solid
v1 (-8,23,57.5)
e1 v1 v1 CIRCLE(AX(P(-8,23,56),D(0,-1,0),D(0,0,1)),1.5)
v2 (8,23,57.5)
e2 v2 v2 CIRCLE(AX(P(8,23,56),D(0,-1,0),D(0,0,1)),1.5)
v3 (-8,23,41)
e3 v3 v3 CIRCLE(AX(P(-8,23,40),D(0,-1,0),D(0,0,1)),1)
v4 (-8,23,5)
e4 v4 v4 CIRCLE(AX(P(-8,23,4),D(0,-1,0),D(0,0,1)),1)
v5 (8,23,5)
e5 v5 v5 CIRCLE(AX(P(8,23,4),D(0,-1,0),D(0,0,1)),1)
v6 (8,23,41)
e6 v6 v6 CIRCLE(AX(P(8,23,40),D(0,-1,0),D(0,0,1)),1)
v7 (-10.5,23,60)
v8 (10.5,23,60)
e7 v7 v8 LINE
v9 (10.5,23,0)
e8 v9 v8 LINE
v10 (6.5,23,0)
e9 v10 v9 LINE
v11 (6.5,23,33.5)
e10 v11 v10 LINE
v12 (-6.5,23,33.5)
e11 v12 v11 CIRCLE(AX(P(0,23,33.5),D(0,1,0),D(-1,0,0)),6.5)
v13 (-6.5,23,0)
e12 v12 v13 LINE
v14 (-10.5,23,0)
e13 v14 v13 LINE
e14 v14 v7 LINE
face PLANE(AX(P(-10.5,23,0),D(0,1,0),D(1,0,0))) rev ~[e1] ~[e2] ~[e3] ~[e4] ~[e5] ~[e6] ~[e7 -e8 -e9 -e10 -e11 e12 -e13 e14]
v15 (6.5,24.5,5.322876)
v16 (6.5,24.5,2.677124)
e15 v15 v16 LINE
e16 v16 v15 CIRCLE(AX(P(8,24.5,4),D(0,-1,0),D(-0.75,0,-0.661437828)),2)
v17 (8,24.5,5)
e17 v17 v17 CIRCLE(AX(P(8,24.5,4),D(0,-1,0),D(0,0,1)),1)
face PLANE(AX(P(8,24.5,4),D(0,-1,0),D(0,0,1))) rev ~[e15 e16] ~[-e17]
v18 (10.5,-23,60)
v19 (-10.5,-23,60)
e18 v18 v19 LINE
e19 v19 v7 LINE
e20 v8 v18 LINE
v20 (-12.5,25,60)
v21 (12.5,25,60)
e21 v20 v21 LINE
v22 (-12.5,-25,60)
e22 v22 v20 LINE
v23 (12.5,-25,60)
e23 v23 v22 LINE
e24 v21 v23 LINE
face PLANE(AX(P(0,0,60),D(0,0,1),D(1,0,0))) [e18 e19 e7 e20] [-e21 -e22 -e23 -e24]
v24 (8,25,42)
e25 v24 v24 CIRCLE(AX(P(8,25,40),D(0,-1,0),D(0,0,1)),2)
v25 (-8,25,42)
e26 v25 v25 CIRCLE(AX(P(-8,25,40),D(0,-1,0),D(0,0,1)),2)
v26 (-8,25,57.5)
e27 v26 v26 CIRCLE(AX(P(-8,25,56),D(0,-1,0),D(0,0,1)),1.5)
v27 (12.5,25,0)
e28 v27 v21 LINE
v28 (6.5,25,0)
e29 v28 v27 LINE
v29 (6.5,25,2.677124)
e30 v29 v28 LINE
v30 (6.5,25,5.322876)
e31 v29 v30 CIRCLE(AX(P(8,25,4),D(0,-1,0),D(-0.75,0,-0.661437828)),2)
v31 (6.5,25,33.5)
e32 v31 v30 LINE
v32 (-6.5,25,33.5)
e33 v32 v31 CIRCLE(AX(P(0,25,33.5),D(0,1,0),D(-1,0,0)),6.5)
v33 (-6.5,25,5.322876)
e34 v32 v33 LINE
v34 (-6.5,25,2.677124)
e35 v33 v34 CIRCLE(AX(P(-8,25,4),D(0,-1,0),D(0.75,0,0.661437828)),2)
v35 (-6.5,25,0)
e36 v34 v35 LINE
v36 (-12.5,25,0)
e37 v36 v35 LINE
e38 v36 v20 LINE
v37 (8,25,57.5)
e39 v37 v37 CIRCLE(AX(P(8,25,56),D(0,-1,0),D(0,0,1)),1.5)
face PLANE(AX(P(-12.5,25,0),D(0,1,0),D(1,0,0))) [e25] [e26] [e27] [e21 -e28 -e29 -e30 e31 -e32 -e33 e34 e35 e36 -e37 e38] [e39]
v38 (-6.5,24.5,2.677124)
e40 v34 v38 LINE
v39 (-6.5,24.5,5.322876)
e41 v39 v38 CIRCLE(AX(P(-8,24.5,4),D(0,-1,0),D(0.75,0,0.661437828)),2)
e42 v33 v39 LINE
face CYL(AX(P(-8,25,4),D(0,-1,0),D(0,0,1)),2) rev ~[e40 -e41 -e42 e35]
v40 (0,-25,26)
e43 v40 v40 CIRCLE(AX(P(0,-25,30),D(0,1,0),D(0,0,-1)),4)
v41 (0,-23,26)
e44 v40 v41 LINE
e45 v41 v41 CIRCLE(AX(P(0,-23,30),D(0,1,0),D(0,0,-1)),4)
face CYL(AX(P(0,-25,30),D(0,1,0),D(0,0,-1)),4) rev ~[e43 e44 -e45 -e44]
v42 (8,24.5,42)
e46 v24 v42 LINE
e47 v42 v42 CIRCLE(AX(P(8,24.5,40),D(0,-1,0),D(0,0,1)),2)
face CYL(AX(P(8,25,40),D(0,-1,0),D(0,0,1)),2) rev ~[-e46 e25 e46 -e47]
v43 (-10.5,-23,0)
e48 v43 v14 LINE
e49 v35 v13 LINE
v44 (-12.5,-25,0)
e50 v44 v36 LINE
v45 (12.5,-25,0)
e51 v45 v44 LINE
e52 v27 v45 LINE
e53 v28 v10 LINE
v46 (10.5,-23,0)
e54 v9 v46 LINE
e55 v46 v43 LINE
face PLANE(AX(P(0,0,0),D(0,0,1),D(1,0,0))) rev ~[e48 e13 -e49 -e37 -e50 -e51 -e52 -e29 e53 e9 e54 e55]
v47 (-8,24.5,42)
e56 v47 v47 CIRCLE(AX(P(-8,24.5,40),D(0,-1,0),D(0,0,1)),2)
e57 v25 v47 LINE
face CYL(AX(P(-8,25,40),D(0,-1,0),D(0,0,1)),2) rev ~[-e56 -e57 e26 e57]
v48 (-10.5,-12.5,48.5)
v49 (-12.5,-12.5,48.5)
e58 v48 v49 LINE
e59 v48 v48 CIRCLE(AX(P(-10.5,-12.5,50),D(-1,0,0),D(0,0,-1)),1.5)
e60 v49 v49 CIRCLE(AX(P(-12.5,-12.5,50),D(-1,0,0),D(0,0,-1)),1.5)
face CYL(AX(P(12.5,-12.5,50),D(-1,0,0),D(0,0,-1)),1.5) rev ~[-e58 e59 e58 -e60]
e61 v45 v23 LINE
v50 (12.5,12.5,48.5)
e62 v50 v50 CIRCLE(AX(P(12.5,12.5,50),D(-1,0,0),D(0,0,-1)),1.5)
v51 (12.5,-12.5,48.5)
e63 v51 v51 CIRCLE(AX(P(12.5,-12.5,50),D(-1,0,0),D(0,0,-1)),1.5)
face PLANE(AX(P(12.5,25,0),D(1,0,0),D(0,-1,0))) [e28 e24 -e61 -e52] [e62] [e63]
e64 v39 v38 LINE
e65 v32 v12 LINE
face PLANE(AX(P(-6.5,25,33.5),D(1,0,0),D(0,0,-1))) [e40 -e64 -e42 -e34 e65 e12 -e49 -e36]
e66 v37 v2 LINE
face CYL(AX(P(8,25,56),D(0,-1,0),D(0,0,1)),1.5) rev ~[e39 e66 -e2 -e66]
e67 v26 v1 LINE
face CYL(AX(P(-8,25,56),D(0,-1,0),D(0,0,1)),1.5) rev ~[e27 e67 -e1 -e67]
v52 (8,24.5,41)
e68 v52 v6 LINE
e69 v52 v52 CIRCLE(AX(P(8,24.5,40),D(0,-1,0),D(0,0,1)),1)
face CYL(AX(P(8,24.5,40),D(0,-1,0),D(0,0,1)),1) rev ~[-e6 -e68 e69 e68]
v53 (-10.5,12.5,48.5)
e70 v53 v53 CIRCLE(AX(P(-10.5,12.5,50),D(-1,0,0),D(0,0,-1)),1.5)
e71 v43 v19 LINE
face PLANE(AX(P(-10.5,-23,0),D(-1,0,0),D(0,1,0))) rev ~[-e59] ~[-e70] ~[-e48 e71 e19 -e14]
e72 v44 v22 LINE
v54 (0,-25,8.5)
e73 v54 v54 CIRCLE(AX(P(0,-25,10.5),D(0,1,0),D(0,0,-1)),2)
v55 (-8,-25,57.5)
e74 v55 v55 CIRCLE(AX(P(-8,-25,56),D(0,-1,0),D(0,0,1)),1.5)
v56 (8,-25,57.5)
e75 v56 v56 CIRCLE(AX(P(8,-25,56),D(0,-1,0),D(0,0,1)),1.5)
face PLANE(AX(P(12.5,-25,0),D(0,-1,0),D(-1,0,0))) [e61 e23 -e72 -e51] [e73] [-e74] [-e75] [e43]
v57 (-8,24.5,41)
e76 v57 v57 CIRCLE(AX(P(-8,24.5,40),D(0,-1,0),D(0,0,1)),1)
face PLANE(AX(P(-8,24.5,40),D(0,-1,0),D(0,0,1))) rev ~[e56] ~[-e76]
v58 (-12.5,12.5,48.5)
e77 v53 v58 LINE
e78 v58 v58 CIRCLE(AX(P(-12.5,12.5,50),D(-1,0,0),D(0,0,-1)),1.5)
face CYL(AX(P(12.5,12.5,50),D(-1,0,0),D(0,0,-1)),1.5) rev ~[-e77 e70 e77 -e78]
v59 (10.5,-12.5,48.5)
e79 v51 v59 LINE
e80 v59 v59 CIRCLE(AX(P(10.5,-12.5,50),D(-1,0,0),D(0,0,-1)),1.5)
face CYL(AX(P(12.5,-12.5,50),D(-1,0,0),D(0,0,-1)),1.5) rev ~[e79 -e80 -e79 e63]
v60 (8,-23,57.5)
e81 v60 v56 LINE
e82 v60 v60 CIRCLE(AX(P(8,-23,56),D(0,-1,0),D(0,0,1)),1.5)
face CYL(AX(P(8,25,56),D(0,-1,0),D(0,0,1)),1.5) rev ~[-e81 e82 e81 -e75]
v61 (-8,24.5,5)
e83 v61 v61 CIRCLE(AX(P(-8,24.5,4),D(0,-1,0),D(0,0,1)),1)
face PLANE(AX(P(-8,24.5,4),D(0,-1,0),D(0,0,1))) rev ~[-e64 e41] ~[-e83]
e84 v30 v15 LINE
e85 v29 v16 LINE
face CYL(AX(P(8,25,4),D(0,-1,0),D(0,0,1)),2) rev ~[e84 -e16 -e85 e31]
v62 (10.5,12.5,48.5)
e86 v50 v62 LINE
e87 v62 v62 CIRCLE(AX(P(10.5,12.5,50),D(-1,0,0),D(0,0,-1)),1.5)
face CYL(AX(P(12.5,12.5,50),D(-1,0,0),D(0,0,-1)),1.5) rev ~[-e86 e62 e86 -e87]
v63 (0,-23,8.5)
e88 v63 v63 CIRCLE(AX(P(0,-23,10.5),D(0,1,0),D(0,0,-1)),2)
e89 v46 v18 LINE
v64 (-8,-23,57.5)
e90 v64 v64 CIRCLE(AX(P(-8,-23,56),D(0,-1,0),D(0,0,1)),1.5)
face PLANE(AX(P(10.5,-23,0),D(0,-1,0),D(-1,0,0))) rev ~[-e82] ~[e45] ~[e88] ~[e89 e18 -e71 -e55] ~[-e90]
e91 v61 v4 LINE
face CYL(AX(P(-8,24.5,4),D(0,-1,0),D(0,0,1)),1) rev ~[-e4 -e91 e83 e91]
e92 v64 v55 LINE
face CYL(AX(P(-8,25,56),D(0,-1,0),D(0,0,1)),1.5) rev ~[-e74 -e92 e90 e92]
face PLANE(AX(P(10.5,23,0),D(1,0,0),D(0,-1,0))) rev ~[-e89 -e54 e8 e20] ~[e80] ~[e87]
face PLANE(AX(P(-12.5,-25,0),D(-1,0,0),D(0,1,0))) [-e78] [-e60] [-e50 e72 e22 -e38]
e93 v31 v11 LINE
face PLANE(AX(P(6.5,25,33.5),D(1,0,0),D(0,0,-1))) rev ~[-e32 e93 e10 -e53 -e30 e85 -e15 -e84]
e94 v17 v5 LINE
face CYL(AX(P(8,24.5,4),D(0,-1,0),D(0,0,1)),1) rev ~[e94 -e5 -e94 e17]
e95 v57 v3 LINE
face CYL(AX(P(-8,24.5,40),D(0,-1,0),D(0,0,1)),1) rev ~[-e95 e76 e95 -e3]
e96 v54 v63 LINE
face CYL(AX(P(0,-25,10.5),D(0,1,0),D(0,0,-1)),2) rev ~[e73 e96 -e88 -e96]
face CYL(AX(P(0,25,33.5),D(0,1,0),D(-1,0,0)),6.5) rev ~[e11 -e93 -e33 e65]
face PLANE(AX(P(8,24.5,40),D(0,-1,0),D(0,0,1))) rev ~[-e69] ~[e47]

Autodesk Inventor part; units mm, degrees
ref_plane "YZ Plane" through (0, 0, 0) normal (1, 0, 0) x (0, 1, 0)
ref_plane "XZ Plane" through (0, 0, 0) normal (0, 1, 0) x (-1, 0, 0)
ref_plane "XY Plane" through (0, 0, 0) normal (0, 0, 1) x (1, 0, 0)
sketch "スケッチ1" plane through (0, 0, 0) normal (0, 0, 1) x (1, 0, 0)
  line L0 (-12.5, 25) -> (12.5, 25)
  line L1 (12.5, 25) -> (12.5, -25)
  line L2 (12.5, -25) -> (-12.5, -25)
  line L3 (-12.5, -25) -> (-12.5, 25)
  line L4 (-10.5, 23) -> (10.5, 23)
  line L5 (10.5, 23) -> (10.5, -23)
  line L6 (10.5, -23) -> (-10.5, -23)
  line L7 (-10.5, -23) -> (-10.5, 23)
  point P0 (0, 0)
  dimension "d0" = 25
  dimension "d1" = 50
  dimension "d2" = 46
  dimension "d3" = 21
  dimension "d4" = 25
  dimension "d5" = 23
  dimension "d6" = 10.5
  dimension "d7" = 12.5
extrude "押し出し1" add sketch "スケッチ1" along normal blind 60
sketch "スケッチ2" plane through (-12.5, 25, 0) normal (0, 1, 0) x (1, 0, 0)
  line L0 (0, 0) -> (25, 0) projected
  line L1 (0, 0) -> (0, -60) projected
  arc A0 (6, -33.5) -> (19, -33.5) centre (12.5, -33.5) ccw
  line L2 (6, -33.5) -> (6, 0)
  line L3 (19, -33.5) -> (19, 0)
  point P0 (12.5, 0)
  dimension "d10" = 13
  dimension "d11" = 33.5
  dimension "d12" = 12.5
extrude "押し出し2" cut sketch "スケッチ2" against normal blind 2
sketch "スケッチ3" plane through (-12.5, 25, 60) normal (0, 1, 0) x (1, 0, 0)
  arc A0 (6, 26.5) -> (19, 26.5) centre (12.5, 26.5) ccw projected
  circle A1 centre (4.5, 20) radius 1
  circle A2 centre (4.5, 56) radius 1
  circle A3 centre (20.5, 56) radius 1
  circle A4 centre (20.5, 20) radius 1
  point P0 (12.5, 60)
  dimension "d15" = 6.5
  dimension "d16" = 6.5
  dimension "d17" = 2
  dimension "d18" = 8
  dimension "d19" = 8
  dimension "d20" = 8
  dimension "d21" = 8
  dimension "d22" = 29.5
  dimension "d23" = 29.5
hole "穴1" at (-8, 25, 4) at (8, 25, 4) at (8, 25, 40) at (-8, 25, 40) direction (0, -1, 0) diameter 2 depth 2 tip angle 118 counterbore diameter 4 counterbore depth 0.5
sketch "スケッチ4" plane through (-12.5, -25, 0) normal (0, -1, 0) x (1, 0, 0)
  line L0 (25, 0) -> (0, 0) projected
  line L1 (25, 0) -> (25, 60) projected
  circle A0 centre (12.5, 10.5) radius 2
  point P0 (12.5, 0)
  dimension "d31" = 4
  dimension "d32" = 12.5
  dimension "d33" = 10.5
hole "穴2" at (0, -25, 10.5) direction (0, 1, 0) diameter 4 end through all
sketch "スケッチ5" plane through (-12.5, 25, 60) normal (0, 1, 0) x (1, 0, 0)
  line L0 (0, 0) -> (25, 0) projected
  arc A0 (6, 26.5) -> (19, 26.5) centre (12.5, 26.5) ccw projected
  circle A1 centre (20.5, 4) radius 1.5
  circle A2 centre (4.5, 4) radius 1.5
  point P0 (12.5, 60)
  dimension "d43" = 4
  dimension "d44" = 4
  dimension "d46" = 8
  dimension "d47" = 8
  dimension "d57" = 3
hole "穴4" at (-8, 25, 56) at (8, 25, 56) direction (0, -1, 0) diameter 3 end through all
thread "ねじ1" size "M3x0.5" class "6H" standard "ANSI Metric M Profile" full length
thread "ねじ2" size "M3x0.5" class "6H" standard "ANSI Metric M Profile" full length
thread "ねじ3" size "M3x0.5" class "6H" standard "ANSI Metric M Profile" full length
thread "ねじ4" size "M3x0.5" class "6H" standard "ANSI Metric M Profile" full length
sketch "スケッチ7" plane through (-12.5, -25, 0) normal (0, -1, 0) x (1, 0, 0)
  line L0 (25, 60) -> (0, 60) projected
  line L1 (25, 0) -> (25, 60) projected
  circle A0 centre (12.5, 30) radius 4
  point P0 (12.5, 0)
  dimension "d78" = 30
  dimension "d79" = 8
  dimension "d80" = 12.5
hole "穴5" at (0, -25, 30) direction (0, 1, 0) diameter 8 end through all
sketch "スケッチ8" plane through (12.5, -25, 0) normal (1, 0, 0) x (0, 0, -1)
  line L0 (-60, 50) -> (-60, 0) projected
  line L1 (0, 0) -> (-60, 0) projected
  circle A0 centre (-50, 37.5) radius 1.5
  circle A1 centre (-50, 12.5) radius 1.5
  point P0 (0, 25)
  dimension "d88" = 25
  dimension "d90" = 3
  dimension "d91" = 10
  dimension "d92" = 10
  dimension "d93" = 12.5
hole "穴6" at (12.5, -12.5, 50) at (12.5, 12.5, 50) direction (-1, 0, 0) diameter 3 end through all
properties part number "07" material "アルミニウム 6061"
